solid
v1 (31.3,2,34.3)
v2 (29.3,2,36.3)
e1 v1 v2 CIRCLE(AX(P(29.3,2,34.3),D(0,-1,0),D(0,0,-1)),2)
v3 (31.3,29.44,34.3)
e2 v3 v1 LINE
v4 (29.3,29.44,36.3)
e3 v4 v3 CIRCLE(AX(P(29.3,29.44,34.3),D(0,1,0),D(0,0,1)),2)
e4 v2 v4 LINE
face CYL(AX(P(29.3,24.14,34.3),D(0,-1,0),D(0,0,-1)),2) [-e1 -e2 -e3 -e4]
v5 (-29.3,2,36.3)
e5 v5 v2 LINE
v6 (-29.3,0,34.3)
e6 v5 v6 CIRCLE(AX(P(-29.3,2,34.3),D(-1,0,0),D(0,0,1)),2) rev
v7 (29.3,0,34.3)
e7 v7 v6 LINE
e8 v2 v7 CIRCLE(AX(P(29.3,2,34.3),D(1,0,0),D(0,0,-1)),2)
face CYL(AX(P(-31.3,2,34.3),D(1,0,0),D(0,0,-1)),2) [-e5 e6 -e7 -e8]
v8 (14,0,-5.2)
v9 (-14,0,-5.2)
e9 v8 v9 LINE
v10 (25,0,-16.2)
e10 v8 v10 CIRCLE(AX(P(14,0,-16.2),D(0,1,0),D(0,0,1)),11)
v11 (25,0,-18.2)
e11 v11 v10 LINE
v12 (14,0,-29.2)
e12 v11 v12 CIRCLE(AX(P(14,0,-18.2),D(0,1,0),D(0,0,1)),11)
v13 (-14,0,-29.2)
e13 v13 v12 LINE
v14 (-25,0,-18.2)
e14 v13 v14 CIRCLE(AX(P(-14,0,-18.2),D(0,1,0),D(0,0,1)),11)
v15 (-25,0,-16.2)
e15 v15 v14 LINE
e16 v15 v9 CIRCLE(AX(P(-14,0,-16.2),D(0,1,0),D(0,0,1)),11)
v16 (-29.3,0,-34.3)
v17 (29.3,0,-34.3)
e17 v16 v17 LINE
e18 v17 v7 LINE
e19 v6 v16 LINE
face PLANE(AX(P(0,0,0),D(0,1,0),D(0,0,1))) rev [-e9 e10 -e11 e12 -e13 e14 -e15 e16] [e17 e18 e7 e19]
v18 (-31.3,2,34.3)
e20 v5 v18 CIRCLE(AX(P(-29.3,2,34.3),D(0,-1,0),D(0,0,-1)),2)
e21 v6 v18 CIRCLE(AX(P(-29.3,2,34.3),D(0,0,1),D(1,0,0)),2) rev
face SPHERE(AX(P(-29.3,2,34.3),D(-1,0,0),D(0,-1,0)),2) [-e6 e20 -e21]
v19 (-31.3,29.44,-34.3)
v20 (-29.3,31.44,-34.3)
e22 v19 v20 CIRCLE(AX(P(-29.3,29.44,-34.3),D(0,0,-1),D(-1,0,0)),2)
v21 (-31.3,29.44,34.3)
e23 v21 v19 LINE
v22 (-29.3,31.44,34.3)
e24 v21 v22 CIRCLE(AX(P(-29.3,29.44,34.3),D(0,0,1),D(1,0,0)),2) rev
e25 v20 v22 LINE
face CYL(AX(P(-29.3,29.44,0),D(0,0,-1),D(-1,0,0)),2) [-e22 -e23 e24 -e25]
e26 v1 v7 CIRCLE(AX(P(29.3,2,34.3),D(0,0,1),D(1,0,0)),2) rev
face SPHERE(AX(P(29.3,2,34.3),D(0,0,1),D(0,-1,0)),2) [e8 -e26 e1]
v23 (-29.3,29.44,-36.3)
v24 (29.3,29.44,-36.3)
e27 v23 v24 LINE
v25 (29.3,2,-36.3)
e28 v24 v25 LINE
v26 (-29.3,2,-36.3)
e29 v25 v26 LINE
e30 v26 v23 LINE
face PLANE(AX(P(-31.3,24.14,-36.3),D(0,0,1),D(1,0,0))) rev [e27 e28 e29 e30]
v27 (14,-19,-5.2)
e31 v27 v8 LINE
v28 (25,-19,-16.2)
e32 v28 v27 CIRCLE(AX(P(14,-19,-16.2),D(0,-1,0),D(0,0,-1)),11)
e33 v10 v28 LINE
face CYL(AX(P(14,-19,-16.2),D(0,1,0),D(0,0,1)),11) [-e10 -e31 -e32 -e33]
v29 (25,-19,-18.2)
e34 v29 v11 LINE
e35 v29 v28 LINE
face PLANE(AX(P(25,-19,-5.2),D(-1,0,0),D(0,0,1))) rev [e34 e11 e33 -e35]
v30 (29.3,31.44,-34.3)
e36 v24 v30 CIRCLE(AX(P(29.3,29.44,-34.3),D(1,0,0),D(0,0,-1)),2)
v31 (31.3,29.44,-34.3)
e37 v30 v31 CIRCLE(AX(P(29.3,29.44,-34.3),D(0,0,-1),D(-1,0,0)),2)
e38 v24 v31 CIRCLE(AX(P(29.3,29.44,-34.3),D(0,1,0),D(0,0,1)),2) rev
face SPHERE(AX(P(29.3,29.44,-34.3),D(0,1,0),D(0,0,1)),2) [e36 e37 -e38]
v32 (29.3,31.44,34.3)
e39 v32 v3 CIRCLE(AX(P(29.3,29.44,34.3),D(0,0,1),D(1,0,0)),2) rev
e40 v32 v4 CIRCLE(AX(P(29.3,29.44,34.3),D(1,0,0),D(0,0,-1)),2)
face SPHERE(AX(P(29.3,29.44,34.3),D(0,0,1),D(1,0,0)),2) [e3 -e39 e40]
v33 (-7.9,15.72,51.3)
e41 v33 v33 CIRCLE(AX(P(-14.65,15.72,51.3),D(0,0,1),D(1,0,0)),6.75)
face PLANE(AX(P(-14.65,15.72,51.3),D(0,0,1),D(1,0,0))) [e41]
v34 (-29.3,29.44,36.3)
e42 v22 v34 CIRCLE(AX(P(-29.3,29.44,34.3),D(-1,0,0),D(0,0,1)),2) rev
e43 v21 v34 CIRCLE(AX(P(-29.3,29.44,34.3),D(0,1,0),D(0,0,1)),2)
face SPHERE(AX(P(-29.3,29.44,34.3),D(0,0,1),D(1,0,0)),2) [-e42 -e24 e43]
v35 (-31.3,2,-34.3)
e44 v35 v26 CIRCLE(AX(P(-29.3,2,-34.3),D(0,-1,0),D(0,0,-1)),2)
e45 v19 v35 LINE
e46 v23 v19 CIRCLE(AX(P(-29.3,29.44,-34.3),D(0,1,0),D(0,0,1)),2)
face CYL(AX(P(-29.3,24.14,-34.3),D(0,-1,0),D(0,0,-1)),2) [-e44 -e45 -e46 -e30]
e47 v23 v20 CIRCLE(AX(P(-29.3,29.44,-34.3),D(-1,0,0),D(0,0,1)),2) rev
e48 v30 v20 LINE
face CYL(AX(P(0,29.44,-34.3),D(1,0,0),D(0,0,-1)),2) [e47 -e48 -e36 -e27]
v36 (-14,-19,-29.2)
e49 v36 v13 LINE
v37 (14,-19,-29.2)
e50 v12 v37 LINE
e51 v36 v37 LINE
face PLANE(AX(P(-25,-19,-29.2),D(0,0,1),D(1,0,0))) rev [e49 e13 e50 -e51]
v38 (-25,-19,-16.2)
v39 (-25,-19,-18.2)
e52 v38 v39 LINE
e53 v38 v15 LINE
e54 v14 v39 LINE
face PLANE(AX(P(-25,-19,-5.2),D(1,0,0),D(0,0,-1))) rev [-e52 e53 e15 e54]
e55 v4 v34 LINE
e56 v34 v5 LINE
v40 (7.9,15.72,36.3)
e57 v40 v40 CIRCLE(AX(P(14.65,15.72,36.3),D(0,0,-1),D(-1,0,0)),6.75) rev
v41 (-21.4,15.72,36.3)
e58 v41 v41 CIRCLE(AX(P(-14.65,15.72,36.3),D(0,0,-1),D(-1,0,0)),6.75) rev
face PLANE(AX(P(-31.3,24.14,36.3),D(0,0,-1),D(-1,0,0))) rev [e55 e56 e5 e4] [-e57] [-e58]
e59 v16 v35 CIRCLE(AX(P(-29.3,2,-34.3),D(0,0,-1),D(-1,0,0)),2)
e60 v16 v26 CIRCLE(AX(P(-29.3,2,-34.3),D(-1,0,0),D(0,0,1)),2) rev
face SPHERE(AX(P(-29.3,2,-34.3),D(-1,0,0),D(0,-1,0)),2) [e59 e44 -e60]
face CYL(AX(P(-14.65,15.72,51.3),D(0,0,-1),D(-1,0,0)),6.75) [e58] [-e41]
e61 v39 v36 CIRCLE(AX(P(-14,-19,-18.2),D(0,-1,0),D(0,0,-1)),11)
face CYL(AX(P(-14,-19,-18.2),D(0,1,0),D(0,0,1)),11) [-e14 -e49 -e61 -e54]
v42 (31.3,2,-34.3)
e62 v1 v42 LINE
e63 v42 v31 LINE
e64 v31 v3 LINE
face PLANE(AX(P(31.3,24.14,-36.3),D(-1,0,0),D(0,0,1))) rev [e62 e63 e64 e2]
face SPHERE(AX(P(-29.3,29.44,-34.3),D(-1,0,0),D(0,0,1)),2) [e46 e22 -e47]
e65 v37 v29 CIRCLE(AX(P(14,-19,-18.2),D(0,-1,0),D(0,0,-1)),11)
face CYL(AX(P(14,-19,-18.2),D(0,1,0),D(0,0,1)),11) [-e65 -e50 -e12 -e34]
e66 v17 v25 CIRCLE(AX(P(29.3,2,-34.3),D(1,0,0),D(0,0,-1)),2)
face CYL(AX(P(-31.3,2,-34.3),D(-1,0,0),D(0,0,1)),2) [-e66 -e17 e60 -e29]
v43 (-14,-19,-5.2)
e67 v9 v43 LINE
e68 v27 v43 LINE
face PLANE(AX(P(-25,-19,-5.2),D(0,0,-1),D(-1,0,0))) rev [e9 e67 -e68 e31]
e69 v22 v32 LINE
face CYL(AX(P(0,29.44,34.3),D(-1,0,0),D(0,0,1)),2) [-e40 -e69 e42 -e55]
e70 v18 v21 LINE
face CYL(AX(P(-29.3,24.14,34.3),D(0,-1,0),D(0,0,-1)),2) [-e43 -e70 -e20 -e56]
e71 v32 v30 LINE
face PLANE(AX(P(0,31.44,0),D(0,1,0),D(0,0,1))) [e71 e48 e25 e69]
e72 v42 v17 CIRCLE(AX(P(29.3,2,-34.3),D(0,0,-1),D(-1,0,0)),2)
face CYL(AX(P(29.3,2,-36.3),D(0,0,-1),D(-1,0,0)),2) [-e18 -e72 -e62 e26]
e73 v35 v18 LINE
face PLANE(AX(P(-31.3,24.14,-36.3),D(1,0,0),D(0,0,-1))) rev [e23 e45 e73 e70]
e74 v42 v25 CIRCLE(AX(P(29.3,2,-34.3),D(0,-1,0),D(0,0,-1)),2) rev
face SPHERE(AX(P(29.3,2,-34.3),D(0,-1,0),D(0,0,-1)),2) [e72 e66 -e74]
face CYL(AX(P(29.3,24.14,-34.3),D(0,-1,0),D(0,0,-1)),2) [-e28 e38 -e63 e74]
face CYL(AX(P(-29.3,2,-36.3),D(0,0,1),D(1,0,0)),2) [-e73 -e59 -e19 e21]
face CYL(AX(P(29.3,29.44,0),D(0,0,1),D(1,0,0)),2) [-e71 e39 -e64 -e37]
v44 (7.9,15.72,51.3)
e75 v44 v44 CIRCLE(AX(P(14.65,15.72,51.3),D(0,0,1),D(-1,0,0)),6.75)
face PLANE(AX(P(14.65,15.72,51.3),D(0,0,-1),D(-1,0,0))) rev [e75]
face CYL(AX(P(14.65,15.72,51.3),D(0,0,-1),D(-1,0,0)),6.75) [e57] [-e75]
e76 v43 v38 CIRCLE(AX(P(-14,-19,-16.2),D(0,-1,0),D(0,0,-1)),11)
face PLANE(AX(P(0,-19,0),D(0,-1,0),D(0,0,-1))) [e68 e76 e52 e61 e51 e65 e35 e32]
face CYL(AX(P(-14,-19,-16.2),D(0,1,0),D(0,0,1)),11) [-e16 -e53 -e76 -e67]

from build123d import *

# Parameters (mm, degrees)
SKETCH1_W           = 62.6
SKETCH1_H           = 72.6
BOSS_EXTRUDE1_DEPTH = 24.14
SKETCH2_W           = 50
SKETCH2_H           = 24
BOSS_EXTRUDE2_DEPTH = 19
SKETCH3_W           = 62.6
SKETCH3_H           = 72.6
BOSS_EXTRUDE3_DEPTH = 7.3
FILLET1_R           = 2
FILLET2_R           = 11
SKETCH4_R           = 6.75
BOSS_EXTRUDE4_DEPTH = 15


with BuildPart() as part:
    # Sketch1 → Boss-Extrude1 (new body)
    with BuildSketch(Plane(origin=(0, 0, 0), x_dir=(1, 0, 0), z_dir=(0, 1, 0))):
        Rectangle(SKETCH1_W, SKETCH1_H)
    extrude(amount=BOSS_EXTRUDE1_DEPTH)

    # Sketch2 → Boss-Extrude2 (add)
    with BuildSketch(Plane.XZ):
        with Locations((0, -17.2)):
            Rectangle(SKETCH2_W, SKETCH2_H)
    extrude(amount=BOSS_EXTRUDE2_DEPTH)

    # Sketch3 → Boss-Extrude3 (add)
    with BuildSketch(Plane(origin=(0, 24.14, 0), x_dir=(1, 0, 0), z_dir=(0, 1, 0))):
        Rectangle(SKETCH3_W, SKETCH3_H)
    extrude(amount=BOSS_EXTRUDE3_DEPTH)

    # Fillet1
    fillet1_edges = [part.edges().sort_by_distance(p)[0] for p in [
        (0, 31.44, 36.3),
        (31.3, 31.44, 0),
        (0, 31.44, -36.3),
        (-31.3, 31.44, 0),
        (0, 0, 36.3),
        (-31.3, 0, 0),
        (0, 0, -36.3),
        (31.3, 0, 0),
        (31.3, 15.72, 36.3),
        (-31.3, 15.72, 36.3),
        (-31.3, 15.72, -36.3),
        (31.3, 15.72, -36.3),
    ]]
    fillet(fillet1_edges, radius=FILLET1_R)

    # Fillet2
    fillet2_edges = [part.edges().sort_by_distance(p)[0] for p in [
        (-25, -9.5, -5.2),
        (-25, -9.5, -29.2),
        (25, -9.5, -29.2),
        (25, -9.5, -5.2),
    ]]
    fillet(fillet2_edges, radius=FILLET2_R)

    # Sketch4 → Boss-Extrude4 (add)
    with BuildSketch(Plane.XY.offset(36.3)):
        with Locations((-14.64999991, 15.7200005)):
            Circle(SKETCH4_R)
        with Locations((14.64999991, 15.7200005)):
            Circle(SKETCH4_R)
    extrude(amount=BOSS_EXTRUDE4_DEPTH)


solid = part.part
